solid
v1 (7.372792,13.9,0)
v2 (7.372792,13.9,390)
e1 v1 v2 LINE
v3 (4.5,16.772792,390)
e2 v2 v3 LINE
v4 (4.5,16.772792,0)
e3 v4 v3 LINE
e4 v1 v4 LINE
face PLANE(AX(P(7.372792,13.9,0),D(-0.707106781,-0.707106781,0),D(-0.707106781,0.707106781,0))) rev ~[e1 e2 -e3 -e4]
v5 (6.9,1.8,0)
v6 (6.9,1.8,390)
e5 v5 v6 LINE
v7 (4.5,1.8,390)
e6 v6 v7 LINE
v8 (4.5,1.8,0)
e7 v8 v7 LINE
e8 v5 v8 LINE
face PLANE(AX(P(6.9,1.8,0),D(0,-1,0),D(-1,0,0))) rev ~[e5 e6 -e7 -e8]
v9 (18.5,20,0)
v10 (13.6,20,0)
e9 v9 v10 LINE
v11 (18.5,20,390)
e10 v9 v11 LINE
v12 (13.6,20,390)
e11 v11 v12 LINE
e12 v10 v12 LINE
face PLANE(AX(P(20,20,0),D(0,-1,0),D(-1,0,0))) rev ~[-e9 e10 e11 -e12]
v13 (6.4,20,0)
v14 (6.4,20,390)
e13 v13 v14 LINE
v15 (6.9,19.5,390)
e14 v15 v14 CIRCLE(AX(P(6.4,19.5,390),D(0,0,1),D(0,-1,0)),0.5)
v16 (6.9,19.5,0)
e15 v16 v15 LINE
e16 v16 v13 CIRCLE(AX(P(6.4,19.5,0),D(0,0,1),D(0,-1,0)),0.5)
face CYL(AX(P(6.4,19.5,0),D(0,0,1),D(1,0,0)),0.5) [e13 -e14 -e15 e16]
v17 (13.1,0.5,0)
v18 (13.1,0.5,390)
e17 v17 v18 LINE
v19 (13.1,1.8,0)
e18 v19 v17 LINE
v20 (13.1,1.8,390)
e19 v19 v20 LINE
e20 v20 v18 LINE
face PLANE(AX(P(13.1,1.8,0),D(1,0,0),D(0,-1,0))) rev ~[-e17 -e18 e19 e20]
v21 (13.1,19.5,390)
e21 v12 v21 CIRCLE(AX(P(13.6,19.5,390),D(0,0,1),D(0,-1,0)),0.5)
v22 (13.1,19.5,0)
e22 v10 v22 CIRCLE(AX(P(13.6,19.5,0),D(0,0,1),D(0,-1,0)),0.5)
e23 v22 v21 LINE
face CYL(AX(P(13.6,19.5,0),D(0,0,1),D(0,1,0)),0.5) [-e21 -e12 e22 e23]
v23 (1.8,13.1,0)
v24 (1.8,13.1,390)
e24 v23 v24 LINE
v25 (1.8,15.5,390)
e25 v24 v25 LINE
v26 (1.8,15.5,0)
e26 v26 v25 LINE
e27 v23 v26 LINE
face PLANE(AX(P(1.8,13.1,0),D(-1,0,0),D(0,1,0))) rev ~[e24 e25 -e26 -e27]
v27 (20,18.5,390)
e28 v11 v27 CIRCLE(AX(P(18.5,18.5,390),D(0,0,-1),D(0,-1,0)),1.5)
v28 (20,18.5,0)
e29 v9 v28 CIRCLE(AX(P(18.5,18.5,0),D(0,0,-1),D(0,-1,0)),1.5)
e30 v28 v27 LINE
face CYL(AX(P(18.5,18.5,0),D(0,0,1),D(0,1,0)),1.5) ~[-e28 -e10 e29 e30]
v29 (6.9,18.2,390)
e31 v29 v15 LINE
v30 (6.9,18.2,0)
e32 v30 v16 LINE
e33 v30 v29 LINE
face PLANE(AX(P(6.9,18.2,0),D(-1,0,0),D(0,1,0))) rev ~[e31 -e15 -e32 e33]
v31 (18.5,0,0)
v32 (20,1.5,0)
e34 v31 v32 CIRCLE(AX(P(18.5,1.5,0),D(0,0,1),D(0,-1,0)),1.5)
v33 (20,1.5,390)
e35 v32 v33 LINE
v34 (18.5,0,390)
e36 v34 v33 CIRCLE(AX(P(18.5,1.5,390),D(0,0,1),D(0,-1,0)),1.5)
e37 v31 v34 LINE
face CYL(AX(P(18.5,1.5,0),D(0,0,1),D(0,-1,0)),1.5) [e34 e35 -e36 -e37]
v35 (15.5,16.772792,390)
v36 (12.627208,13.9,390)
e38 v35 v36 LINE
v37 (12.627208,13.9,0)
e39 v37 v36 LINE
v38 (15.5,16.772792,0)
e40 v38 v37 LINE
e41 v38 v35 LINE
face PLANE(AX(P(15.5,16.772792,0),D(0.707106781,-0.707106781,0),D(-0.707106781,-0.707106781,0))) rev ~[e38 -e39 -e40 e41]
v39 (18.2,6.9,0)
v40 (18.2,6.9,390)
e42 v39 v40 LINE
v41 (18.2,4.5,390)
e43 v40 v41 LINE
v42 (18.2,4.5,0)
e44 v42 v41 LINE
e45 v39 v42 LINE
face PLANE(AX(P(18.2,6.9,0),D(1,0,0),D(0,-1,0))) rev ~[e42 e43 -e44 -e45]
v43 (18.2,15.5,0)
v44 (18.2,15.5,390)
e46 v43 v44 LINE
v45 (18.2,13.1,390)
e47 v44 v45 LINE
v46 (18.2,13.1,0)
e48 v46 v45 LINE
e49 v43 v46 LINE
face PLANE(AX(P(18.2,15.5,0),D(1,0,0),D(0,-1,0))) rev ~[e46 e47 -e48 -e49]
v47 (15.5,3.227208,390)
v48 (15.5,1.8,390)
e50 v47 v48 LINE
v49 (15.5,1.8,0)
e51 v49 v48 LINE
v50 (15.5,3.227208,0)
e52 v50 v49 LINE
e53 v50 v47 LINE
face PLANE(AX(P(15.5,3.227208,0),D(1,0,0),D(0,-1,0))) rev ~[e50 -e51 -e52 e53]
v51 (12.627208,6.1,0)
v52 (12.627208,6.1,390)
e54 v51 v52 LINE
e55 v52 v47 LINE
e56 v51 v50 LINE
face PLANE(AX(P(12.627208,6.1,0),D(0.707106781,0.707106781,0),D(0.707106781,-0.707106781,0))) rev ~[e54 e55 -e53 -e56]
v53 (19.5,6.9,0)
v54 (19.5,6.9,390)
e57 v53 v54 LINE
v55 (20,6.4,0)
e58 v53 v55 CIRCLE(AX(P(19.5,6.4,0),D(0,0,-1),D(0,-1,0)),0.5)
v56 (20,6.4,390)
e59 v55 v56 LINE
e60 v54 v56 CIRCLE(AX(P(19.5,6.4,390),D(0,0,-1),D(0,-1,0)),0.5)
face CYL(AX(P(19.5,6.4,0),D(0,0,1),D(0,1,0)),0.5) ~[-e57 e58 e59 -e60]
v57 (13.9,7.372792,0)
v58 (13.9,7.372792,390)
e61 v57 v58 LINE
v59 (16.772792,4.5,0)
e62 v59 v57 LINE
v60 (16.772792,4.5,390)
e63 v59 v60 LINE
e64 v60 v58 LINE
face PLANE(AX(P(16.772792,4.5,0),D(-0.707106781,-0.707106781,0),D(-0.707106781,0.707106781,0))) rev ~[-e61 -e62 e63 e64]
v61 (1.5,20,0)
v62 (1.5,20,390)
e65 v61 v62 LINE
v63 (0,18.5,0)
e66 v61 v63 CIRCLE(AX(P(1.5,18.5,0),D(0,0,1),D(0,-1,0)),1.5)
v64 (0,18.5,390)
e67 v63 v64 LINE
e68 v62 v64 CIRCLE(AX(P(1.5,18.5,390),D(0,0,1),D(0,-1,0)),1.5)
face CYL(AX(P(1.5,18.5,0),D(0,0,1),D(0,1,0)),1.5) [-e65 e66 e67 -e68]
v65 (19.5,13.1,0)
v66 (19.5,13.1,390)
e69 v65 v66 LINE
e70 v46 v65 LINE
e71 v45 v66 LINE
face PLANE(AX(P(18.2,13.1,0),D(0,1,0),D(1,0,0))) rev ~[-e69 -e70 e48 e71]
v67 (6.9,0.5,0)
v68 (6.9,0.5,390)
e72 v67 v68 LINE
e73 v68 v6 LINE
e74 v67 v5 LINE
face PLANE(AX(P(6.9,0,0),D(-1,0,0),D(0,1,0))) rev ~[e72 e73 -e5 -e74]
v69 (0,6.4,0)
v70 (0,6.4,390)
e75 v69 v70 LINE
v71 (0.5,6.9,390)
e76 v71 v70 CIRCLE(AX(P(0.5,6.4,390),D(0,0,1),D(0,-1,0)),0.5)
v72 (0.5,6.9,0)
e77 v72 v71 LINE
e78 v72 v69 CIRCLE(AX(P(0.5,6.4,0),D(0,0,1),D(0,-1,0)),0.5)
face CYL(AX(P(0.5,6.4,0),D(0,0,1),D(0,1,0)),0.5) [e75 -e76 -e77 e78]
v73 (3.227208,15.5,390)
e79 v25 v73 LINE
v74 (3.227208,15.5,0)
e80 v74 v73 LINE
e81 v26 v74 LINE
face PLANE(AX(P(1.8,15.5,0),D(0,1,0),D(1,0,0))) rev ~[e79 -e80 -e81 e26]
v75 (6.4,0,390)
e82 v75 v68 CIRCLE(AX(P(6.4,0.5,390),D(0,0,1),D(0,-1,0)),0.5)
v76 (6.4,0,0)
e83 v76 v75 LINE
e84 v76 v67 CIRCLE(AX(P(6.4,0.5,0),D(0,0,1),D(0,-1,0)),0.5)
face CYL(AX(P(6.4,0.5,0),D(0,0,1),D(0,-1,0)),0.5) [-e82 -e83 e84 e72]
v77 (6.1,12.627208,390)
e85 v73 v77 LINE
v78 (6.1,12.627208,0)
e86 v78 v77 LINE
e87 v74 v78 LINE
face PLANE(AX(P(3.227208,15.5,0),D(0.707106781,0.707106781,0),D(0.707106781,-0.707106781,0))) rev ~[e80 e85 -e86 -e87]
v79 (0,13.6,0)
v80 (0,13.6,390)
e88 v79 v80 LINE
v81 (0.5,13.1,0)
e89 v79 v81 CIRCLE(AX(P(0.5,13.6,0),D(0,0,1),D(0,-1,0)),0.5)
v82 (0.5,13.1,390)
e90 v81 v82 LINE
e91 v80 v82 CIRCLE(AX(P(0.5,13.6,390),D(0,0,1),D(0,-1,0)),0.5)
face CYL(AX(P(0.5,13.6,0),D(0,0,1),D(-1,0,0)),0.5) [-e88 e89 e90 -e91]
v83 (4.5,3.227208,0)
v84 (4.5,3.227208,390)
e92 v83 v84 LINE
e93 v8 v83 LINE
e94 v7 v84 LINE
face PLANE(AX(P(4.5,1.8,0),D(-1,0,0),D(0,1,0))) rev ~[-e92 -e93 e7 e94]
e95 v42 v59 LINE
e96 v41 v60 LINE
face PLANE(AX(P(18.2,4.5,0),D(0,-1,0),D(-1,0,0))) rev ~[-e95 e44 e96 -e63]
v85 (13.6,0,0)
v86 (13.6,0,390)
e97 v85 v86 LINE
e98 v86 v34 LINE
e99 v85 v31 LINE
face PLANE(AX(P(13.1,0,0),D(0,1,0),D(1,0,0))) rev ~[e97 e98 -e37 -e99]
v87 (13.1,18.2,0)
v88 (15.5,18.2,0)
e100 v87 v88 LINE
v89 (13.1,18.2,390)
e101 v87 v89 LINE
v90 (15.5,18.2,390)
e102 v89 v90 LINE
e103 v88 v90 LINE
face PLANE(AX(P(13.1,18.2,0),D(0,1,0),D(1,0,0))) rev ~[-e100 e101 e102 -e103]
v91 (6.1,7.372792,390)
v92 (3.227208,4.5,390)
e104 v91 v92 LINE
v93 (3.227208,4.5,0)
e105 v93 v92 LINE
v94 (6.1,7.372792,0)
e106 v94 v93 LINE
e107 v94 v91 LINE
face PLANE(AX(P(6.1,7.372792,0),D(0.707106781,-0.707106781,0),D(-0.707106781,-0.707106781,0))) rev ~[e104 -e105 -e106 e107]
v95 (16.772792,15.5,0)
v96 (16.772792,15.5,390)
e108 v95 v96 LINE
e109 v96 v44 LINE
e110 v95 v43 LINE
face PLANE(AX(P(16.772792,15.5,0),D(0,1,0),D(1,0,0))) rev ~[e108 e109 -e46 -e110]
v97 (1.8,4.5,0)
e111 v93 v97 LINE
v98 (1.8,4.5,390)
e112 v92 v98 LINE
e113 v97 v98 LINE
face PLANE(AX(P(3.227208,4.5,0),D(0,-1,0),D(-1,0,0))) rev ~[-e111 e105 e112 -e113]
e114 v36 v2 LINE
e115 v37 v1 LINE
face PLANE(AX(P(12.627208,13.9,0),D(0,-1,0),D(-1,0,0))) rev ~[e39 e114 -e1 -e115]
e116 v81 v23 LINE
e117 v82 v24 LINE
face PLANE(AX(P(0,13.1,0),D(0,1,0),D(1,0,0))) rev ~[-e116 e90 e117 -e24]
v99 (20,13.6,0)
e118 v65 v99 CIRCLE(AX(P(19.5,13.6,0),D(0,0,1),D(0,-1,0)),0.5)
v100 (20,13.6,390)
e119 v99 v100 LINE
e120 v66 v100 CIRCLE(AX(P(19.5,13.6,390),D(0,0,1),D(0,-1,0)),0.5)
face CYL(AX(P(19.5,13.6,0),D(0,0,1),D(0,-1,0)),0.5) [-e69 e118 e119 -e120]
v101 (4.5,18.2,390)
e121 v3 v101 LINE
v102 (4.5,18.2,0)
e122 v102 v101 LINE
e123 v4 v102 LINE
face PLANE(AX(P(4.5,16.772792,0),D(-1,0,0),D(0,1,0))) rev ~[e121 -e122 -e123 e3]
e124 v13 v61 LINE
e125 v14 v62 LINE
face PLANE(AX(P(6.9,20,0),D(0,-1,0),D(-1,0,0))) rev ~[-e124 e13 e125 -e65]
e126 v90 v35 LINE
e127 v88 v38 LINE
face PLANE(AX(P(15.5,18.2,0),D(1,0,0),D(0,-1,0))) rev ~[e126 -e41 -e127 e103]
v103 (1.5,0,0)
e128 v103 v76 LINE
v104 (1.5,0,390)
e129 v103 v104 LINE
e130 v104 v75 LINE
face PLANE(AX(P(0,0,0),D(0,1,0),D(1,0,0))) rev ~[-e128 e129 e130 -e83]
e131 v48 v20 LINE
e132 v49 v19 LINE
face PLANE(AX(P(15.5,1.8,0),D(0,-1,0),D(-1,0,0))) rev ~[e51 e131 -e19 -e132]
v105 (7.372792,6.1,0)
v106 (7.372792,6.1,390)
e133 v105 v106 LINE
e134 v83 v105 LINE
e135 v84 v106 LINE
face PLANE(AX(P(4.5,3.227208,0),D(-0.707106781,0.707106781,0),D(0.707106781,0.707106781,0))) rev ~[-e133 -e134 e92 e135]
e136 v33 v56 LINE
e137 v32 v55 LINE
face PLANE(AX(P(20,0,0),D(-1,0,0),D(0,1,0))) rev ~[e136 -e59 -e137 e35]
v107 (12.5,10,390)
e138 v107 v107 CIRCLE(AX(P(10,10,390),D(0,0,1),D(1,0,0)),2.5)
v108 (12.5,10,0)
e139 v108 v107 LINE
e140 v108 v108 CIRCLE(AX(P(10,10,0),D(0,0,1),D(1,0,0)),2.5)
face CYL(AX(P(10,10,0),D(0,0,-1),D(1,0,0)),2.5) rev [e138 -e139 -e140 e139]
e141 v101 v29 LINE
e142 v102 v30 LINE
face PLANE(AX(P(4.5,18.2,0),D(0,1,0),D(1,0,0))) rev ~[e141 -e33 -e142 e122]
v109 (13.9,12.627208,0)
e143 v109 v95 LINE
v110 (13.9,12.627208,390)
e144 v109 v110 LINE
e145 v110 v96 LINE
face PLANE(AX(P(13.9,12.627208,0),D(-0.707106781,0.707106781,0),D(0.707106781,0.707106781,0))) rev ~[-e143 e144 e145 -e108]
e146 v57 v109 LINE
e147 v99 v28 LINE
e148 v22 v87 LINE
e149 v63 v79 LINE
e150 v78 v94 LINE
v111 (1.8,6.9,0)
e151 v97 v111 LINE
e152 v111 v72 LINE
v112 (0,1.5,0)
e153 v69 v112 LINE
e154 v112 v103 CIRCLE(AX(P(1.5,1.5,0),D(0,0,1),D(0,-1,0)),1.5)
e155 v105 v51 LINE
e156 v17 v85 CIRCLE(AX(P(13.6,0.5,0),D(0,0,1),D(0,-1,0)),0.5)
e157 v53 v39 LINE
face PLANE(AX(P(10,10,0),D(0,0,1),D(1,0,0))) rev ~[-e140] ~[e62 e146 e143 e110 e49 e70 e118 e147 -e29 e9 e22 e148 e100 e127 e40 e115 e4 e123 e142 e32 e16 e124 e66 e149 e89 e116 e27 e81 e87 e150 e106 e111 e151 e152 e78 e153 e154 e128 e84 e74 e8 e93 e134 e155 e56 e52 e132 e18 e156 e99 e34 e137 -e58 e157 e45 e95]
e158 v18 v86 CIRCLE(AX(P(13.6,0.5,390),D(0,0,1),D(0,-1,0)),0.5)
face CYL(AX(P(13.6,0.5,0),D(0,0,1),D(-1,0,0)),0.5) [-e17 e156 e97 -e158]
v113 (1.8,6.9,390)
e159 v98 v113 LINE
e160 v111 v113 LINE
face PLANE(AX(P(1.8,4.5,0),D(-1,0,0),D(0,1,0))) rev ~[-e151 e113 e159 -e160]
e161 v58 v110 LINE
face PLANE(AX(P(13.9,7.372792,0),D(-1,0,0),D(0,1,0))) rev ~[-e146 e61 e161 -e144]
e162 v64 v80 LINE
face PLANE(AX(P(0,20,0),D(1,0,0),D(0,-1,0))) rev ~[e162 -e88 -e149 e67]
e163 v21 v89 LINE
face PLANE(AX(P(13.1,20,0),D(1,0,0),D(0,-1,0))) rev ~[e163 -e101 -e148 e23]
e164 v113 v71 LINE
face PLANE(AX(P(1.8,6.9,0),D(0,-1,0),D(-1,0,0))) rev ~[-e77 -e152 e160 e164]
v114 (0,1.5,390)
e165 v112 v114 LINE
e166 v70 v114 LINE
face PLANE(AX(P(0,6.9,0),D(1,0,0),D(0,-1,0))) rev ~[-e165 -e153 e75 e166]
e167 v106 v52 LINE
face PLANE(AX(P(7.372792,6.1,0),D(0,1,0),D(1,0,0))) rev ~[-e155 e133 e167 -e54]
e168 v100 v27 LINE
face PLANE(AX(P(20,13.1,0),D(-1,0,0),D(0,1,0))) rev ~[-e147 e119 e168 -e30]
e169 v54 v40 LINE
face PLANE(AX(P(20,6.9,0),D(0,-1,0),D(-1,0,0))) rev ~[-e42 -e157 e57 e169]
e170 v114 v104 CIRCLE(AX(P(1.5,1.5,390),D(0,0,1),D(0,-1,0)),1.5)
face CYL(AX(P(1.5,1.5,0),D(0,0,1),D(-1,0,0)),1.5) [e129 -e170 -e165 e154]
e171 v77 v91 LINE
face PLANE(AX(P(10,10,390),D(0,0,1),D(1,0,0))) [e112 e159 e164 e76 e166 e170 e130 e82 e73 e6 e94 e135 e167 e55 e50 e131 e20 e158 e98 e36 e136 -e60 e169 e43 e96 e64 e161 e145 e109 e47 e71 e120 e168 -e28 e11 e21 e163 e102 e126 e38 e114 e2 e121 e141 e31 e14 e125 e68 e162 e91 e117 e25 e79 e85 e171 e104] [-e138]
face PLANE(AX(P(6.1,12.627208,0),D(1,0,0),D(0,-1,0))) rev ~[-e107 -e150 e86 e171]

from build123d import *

# Parameters (mm, degrees)
SKETCH_1_R      = 2.5
EXTRUDE_1_DEPTH = 390
FILLET_1_R      = 1.5
FILLET_2_R      = 1.5
FILLET_3_R      = 1.5
FILLET_4_R      = 1.5
FILLET_5_R      = 0.5
FILLET_6_R      = 0.5
FILLET_7_R      = 0.5
FILLET_8_R      = 0.5
FILLET_9_R      = 0.5
FILLET_10_R     = 0.5
FILLET_11_R     = 0.5
FILLET_12_R     = 0.5


with BuildPart() as part:
    # 草图1 → 凸台-拉伸1 (new body)
    with BuildSketch(Plane.XY):
        Polygon((0, 6.9), (0, 0), (6.9, 0), (6.9, 1.8), (4.5, 1.8), (4.5, 3.227207794), (7.372792206, 6.1), (12.627207794, 6.1), (15.5, 3.227207794), (15.5, 1.8), (13.1, 1.8), (13.1, 0), (20, 0), (20, 6.9), (18.2, 6.9), (18.2, 4.5), (16.772792206, 4.5), (13.9, 7.372792206), (13.9, 12.627207794), (16.772792206, 15.5), (18.2, 15.5), (18.2, 13.1), (20, 13.1), (20, 20), (13.1, 20), (13.1, 18.2), (15.5, 18.2), (15.5, 16.772792206), (12.627207794, 13.9), (7.372792206, 13.9), (4.5, 16.772792206), (4.5, 18.2), (6.9, 18.2), (6.9, 20), (0, 20), (0, 13.1), (1.8, 13.1), (1.8, 15.5), (3.227207794, 15.5), (6.1, 12.627207794), (6.1, 7.372792206), (3.227207794, 4.5), (1.8, 4.5), (1.8, 6.9), align=None)
        with Locations((10, 10)):
            Circle(SKETCH_1_R, mode=Mode.SUBTRACT)
    extrude(amount=EXTRUDE_1_DEPTH)

    # 圆角1
    fillet_1_edges = [part.edges().sort_by_distance(p)[0] for p in [
        (20, 20, 195),
    ]]
    fillet(fillet_1_edges, radius=FILLET_1_R)

    # 圆角2
    fillet_2_edges = [part.edges().sort_by_distance(p)[0] for p in [
        (0, 20, 195),
    ]]
    fillet(fillet_2_edges, radius=FILLET_2_R)

    # 圆角3
    fillet_3_edges = [part.edges().sort_by_distance(p)[0] for p in [
        (0, 0, 195),
    ]]
    fillet(fillet_3_edges, radius=FILLET_3_R)

    # 圆角4
    fillet_4_edges = [part.edges().sort_by_distance(p)[0] for p in [
        (20, 0, 195),
    ]]
    fillet(fillet_4_edges, radius=FILLET_4_R)

    # 圆角5
    fillet_5_edges = [part.edges().sort_by_distance(p)[0] for p in [
        (13.1, 20, 195),
    ]]
    fillet(fillet_5_edges, radius=FILLET_5_R)

    # 圆角6
    fillet_6_edges = [part.edges().sort_by_distance(p)[0] for p in [
        (6.9, 20, 195),
    ]]
    fillet(fillet_6_edges, radius=FILLET_6_R)

    # 圆角7
    fillet_7_edges = [part.edges().sort_by_distance(p)[0] for p in [
        (0, 13.1, 195),
    ]]
    fillet(fillet_7_edges, radius=FILLET_7_R)

    # 圆角8
    fillet_8_edges = [part.edges().sort_by_distance(p)[0] for p in [
        (0, 6.9, 195),
    ]]
    fillet(fillet_8_edges, radius=FILLET_8_R)

    # 圆角9
    fillet_9_edges = [part.edges().sort_by_distance(p)[0] for p in [
        (6.9, 0, 195),
    ]]
    fillet(fillet_9_edges, radius=FILLET_9_R)

    # 圆角10
    fillet_10_edges = [part.edges().sort_by_distance(p)[0] for p in [
        (13.1, 0, 195),
    ]]
    fillet(fillet_10_edges, radius=FILLET_10_R)

    # 圆角11
    fillet_11_edges = [part.edges().sort_by_distance(p)[0] for p in [
        (20, 13.1, 195),
    ]]
    fillet(fillet_11_edges, radius=FILLET_11_R)

    # 圆角12
    fillet_12_edges = [part.edges().sort_by_distance(p)[0] for p in [
        (20, 6.9, 195),
    ]]
    fillet(fillet_12_edges, radius=FILLET_12_R)


solid = part.part
